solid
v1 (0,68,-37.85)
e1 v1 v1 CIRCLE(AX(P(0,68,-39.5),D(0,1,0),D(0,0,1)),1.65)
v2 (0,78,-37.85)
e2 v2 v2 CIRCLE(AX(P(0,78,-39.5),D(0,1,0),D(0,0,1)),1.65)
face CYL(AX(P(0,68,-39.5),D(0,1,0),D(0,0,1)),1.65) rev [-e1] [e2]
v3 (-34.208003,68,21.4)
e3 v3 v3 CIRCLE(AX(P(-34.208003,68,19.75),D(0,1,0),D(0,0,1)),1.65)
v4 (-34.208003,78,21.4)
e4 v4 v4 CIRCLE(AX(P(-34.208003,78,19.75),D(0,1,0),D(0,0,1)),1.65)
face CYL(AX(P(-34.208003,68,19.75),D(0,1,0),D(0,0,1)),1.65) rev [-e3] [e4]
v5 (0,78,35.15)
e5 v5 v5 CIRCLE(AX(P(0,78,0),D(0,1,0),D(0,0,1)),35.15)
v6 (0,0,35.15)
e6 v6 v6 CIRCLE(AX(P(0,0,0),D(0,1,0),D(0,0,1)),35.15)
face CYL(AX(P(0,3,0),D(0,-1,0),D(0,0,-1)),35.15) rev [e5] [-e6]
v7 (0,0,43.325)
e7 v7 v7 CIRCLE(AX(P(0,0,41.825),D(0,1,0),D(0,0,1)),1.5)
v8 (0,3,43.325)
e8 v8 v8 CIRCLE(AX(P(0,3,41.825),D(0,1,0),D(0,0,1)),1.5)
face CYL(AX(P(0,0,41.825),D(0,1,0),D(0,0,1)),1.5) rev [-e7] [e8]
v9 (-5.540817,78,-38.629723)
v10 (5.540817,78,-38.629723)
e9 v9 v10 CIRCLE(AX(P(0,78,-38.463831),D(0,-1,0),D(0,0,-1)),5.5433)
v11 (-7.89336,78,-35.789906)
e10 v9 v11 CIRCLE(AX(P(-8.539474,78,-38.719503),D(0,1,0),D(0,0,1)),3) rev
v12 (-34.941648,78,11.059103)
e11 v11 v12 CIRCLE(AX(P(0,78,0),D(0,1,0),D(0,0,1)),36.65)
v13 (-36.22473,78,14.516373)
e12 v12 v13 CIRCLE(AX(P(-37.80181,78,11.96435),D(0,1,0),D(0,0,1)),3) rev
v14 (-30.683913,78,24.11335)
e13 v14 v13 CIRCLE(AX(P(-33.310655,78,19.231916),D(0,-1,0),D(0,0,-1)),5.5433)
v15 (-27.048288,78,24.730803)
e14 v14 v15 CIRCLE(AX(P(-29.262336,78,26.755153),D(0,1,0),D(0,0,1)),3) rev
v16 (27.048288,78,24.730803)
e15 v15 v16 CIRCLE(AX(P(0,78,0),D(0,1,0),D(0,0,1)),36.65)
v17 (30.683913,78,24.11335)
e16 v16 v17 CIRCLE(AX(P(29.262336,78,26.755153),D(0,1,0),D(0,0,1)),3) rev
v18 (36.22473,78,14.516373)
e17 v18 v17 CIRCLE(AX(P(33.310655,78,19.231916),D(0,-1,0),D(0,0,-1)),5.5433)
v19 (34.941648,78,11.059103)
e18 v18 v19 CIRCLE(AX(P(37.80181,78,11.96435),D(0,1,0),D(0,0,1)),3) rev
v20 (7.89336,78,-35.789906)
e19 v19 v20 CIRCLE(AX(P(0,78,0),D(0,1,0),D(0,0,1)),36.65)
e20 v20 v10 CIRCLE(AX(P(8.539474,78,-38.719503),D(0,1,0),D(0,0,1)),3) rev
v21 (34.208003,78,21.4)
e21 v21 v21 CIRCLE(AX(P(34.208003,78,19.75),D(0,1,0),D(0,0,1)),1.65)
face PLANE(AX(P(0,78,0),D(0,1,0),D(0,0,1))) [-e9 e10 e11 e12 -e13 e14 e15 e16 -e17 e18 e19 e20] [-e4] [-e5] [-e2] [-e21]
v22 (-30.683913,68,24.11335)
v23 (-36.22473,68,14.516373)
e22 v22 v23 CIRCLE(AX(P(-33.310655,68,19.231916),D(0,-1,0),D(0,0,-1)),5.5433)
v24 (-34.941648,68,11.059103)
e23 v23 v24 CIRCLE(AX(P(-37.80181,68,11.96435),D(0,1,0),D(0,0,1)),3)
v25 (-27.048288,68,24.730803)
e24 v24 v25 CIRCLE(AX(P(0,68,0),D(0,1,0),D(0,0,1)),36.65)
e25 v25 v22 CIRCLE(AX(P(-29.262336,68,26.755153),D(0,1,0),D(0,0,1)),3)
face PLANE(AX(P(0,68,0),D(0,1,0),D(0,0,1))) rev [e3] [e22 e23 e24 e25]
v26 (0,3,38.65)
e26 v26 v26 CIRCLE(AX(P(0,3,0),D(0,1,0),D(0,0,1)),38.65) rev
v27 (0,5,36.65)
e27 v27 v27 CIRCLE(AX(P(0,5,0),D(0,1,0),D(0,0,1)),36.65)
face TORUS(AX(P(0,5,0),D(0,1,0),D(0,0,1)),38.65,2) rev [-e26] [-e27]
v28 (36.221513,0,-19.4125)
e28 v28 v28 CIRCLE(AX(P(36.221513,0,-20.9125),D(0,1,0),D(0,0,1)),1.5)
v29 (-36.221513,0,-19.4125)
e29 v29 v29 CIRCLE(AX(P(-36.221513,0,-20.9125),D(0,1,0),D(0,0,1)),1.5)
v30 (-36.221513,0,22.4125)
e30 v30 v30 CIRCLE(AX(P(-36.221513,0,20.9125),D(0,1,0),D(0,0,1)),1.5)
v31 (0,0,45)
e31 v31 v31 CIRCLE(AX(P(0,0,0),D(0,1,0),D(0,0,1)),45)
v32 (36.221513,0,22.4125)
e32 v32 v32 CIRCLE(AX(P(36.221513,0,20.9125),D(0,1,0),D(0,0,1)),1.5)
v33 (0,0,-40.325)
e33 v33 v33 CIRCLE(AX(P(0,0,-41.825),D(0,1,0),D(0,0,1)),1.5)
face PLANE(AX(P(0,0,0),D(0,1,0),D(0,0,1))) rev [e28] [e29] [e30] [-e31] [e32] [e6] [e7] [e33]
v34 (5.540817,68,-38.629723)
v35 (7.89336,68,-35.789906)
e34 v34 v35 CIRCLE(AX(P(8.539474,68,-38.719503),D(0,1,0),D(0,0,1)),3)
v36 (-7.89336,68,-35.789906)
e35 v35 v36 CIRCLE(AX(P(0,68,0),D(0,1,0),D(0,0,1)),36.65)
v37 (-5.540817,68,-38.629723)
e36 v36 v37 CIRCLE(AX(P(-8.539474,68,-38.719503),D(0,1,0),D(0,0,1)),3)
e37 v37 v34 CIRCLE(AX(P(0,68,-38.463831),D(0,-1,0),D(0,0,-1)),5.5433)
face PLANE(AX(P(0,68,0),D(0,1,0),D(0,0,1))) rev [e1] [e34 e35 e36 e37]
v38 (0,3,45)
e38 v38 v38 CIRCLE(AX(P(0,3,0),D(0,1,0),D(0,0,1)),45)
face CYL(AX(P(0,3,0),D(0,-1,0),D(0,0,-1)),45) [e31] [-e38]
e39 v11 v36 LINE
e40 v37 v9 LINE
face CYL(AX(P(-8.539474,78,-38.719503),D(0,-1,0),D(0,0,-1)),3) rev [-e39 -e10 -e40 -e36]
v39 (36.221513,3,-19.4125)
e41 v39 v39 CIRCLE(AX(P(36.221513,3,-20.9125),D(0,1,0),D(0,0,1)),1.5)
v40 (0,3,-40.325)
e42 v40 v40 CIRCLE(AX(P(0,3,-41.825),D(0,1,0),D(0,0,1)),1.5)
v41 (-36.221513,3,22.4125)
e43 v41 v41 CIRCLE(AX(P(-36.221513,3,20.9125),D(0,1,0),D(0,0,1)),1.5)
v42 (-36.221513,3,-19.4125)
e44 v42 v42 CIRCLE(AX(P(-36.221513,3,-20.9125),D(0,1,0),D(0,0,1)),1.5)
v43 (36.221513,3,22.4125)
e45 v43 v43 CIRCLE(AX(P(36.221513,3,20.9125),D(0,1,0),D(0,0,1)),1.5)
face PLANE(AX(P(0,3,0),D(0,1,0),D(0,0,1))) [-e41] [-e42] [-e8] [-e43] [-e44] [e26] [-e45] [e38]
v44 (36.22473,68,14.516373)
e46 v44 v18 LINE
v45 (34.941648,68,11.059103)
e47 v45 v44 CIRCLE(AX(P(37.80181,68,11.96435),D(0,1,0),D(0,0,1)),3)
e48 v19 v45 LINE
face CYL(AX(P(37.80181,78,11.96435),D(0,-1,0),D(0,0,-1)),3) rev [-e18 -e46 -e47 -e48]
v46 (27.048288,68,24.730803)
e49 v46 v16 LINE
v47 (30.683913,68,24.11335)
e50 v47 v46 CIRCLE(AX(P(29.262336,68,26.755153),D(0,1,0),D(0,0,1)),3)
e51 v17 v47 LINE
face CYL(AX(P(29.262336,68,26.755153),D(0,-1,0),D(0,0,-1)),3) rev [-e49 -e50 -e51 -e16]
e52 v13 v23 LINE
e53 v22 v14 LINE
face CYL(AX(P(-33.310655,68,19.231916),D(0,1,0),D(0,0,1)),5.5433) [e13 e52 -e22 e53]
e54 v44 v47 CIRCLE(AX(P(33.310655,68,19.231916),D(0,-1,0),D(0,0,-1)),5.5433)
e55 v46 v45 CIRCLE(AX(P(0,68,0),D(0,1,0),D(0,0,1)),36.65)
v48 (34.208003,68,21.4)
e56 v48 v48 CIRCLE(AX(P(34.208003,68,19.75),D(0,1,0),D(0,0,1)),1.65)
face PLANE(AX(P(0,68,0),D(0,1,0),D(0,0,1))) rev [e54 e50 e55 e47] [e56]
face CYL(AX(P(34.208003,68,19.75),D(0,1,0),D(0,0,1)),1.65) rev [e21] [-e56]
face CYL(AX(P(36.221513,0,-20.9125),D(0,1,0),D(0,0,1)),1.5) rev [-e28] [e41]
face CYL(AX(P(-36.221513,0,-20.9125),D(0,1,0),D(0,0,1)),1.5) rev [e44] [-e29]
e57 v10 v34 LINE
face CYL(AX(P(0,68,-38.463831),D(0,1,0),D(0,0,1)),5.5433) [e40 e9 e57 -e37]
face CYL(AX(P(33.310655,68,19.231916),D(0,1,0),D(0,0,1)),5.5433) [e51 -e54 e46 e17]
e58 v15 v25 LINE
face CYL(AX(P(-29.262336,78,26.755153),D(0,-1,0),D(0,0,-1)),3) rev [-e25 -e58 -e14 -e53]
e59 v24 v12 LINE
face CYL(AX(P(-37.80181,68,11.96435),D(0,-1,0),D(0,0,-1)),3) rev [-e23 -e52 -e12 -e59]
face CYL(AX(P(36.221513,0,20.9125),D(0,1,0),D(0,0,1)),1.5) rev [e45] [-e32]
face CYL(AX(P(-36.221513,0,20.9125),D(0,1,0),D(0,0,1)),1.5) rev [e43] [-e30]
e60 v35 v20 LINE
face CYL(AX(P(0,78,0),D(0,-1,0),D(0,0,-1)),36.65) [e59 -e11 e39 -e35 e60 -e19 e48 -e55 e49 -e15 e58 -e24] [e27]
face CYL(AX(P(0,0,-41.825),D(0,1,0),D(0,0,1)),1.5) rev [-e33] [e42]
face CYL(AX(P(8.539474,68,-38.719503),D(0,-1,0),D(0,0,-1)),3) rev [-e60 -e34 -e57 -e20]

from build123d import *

# Parameters (mm, degrees)
SKETCH3_R           = 45
SKETCH3_R_2         = 35.15
BOSS_EXTRUDE4_DEPTH = 3
SKETCH4_R           = 36.65
SKETCH4_R_2         = 35.15
BOSS_EXTRUDE5_DEPTH = 75
FILLET1_R           = 2
SKETCH7_R           = 1.5
CUT_EXTRUDE2_DEPTH  = 99.361577865
BOSS_EXTRUDE7_START = -10
BOSS_EXTRUDE7_DEPTH = 10
SKETCH9_R           = 1.65
CUT_EXTRUDE3_DEPTH  = 10
FILLET2_R           = 3


with BuildPart() as part:
    # Sketch3 → Boss-Extrude4 (new body)
    with BuildSketch(Plane(origin=(0, 0, 0), x_dir=(1, 0, 0), z_dir=(0, 1, 0))):
        with Locations(Location((0, 0, 0), (0, 0, 270))):
            Circle(SKETCH3_R)
        with Locations(Location((0, 0, 0), (0, 0, 270))):
            Circle(SKETCH3_R_2, mode=Mode.SUBTRACT)
    extrude(amount=BOSS_EXTRUDE4_DEPTH)

    # Sketch4 → Boss-Extrude5 (add)
    with BuildSketch(Plane(origin=(0, 3, 0), x_dir=(1, 0, 0), z_dir=(0, 1, 0))):
        with Locations(Location((0, 0, 0), (0, 0, 270))):
            Circle(SKETCH4_R)
        with Locations(Location((0, 0, 0), (0, 0, 270))):
            Circle(SKETCH4_R_2, mode=Mode.SUBTRACT)
    extrude(amount=BOSS_EXTRUDE5_DEPTH)

    # Fillet1
    fillet1_edges = [part.edges().sort_by_distance(p)[0] for p in [
        (0, 3, -36.65),
    ]]
    fillet(fillet1_edges, radius=FILLET1_R)

    # Sketch7 → Cut-Extrude2 (cut, through all)
    with BuildSketch(Plane(origin=(0, 3, 0), x_dir=(1, 0, 0), z_dir=(0, 1, 0))):
        with Locations(Location((0, 41.825, 0), (0, 0, 270))):
            Circle(SKETCH7_R)
        with Locations(Location((36.221512513, 20.9125, 0), (0, 0, 270))):
            Circle(SKETCH7_R)
        with Locations(Location((36.221512513, -20.9125, 0), (0, 0, 270))):
            Circle(SKETCH7_R)
        with Locations(Location((0, -41.825, 0), (0, 0, 270))):
            Circle(SKETCH7_R)
        with Locations(Location((-36.221512513, -20.9125, 0), (0, 0, 270))):
            Circle(SKETCH7_R)
        with Locations(Location((-36.221512513, 20.9125, 0), (0, 0, 270))):
            Circle(SKETCH7_R)
    extrude(amount=-CUT_EXTRUDE2_DEPTH, mode=Mode.SUBTRACT)

    # Sketch8 → Boss-Extrude7 (add)
    with BuildSketch(Plane(origin=(0, 78, 0), x_dir=(1, 0, 0), z_dir=(0, 1, 0)).offset(BOSS_EXTRUDE7_START)):
        with BuildLine():
            ThreePointArc((-5.10069415, 36.293324719), (0, 36.65), (5.10069415, 36.293324719))
            ThreePointArc((5.10069415, 36.293324719), (0, 44.007131423), (-5.10069415, 36.293324719))
        make_face()
        with BuildLine():
            ThreePointArc((28.88059412, -22.563993071), (38.11129376, -22.003565711), (33.98128827, -13.729331649))
            ThreePointArc((33.98128827, -13.729331649), (31.739831049, -18.325), (28.88059412, -22.563993071))
        make_face()
        with BuildLine():
            ThreePointArc((-33.98128827, -13.729331649), (-38.11129376, -22.003565711), (-28.88059412, -22.563993071))
            ThreePointArc((-28.88059412, -22.563993071), (-31.739831049, -18.325), (-33.98128827, -13.729331649))
        make_face()
    extrude(amount=BOSS_EXTRUDE7_DEPTH)

    # Sketch9 → Cut-Extrude3 (cut)
    with BuildSketch(Plane(origin=(0, 78, 0), x_dir=(1, 0, 0), z_dir=(0, 1, 0))):
        with Locations(Location((0, 39.5, 0), (0, 0, 270))):
            Circle(SKETCH9_R)
        with Locations(Location((34.208003449, -19.75, 0), (0, 0, 270))):
            Circle(SKETCH9_R)
        with Locations(Location((-34.208003449, -19.75, 0), (0, 0, 270))):
            Circle(SKETCH9_R)
    extrude(amount=-CUT_EXTRUDE3_DEPTH, mode=Mode.SUBTRACT)

    # Fillet2
    fillet2_edges = [part.edges().sort_by_distance(p)[0] for p in [
        (28.88059412, 73, 22.563993071),
        (33.98128827, 73, 13.729331649),
        (-33.98128827, 73, 13.729331649),
        (-28.88059412, 73, 22.563993071),
        (5.10069415, 73, -36.293324719),
        (-5.10069415, 73, -36.293324719),
    ]]
    fillet(fillet2_edges, radius=FILLET2_R)


solid = part.part
